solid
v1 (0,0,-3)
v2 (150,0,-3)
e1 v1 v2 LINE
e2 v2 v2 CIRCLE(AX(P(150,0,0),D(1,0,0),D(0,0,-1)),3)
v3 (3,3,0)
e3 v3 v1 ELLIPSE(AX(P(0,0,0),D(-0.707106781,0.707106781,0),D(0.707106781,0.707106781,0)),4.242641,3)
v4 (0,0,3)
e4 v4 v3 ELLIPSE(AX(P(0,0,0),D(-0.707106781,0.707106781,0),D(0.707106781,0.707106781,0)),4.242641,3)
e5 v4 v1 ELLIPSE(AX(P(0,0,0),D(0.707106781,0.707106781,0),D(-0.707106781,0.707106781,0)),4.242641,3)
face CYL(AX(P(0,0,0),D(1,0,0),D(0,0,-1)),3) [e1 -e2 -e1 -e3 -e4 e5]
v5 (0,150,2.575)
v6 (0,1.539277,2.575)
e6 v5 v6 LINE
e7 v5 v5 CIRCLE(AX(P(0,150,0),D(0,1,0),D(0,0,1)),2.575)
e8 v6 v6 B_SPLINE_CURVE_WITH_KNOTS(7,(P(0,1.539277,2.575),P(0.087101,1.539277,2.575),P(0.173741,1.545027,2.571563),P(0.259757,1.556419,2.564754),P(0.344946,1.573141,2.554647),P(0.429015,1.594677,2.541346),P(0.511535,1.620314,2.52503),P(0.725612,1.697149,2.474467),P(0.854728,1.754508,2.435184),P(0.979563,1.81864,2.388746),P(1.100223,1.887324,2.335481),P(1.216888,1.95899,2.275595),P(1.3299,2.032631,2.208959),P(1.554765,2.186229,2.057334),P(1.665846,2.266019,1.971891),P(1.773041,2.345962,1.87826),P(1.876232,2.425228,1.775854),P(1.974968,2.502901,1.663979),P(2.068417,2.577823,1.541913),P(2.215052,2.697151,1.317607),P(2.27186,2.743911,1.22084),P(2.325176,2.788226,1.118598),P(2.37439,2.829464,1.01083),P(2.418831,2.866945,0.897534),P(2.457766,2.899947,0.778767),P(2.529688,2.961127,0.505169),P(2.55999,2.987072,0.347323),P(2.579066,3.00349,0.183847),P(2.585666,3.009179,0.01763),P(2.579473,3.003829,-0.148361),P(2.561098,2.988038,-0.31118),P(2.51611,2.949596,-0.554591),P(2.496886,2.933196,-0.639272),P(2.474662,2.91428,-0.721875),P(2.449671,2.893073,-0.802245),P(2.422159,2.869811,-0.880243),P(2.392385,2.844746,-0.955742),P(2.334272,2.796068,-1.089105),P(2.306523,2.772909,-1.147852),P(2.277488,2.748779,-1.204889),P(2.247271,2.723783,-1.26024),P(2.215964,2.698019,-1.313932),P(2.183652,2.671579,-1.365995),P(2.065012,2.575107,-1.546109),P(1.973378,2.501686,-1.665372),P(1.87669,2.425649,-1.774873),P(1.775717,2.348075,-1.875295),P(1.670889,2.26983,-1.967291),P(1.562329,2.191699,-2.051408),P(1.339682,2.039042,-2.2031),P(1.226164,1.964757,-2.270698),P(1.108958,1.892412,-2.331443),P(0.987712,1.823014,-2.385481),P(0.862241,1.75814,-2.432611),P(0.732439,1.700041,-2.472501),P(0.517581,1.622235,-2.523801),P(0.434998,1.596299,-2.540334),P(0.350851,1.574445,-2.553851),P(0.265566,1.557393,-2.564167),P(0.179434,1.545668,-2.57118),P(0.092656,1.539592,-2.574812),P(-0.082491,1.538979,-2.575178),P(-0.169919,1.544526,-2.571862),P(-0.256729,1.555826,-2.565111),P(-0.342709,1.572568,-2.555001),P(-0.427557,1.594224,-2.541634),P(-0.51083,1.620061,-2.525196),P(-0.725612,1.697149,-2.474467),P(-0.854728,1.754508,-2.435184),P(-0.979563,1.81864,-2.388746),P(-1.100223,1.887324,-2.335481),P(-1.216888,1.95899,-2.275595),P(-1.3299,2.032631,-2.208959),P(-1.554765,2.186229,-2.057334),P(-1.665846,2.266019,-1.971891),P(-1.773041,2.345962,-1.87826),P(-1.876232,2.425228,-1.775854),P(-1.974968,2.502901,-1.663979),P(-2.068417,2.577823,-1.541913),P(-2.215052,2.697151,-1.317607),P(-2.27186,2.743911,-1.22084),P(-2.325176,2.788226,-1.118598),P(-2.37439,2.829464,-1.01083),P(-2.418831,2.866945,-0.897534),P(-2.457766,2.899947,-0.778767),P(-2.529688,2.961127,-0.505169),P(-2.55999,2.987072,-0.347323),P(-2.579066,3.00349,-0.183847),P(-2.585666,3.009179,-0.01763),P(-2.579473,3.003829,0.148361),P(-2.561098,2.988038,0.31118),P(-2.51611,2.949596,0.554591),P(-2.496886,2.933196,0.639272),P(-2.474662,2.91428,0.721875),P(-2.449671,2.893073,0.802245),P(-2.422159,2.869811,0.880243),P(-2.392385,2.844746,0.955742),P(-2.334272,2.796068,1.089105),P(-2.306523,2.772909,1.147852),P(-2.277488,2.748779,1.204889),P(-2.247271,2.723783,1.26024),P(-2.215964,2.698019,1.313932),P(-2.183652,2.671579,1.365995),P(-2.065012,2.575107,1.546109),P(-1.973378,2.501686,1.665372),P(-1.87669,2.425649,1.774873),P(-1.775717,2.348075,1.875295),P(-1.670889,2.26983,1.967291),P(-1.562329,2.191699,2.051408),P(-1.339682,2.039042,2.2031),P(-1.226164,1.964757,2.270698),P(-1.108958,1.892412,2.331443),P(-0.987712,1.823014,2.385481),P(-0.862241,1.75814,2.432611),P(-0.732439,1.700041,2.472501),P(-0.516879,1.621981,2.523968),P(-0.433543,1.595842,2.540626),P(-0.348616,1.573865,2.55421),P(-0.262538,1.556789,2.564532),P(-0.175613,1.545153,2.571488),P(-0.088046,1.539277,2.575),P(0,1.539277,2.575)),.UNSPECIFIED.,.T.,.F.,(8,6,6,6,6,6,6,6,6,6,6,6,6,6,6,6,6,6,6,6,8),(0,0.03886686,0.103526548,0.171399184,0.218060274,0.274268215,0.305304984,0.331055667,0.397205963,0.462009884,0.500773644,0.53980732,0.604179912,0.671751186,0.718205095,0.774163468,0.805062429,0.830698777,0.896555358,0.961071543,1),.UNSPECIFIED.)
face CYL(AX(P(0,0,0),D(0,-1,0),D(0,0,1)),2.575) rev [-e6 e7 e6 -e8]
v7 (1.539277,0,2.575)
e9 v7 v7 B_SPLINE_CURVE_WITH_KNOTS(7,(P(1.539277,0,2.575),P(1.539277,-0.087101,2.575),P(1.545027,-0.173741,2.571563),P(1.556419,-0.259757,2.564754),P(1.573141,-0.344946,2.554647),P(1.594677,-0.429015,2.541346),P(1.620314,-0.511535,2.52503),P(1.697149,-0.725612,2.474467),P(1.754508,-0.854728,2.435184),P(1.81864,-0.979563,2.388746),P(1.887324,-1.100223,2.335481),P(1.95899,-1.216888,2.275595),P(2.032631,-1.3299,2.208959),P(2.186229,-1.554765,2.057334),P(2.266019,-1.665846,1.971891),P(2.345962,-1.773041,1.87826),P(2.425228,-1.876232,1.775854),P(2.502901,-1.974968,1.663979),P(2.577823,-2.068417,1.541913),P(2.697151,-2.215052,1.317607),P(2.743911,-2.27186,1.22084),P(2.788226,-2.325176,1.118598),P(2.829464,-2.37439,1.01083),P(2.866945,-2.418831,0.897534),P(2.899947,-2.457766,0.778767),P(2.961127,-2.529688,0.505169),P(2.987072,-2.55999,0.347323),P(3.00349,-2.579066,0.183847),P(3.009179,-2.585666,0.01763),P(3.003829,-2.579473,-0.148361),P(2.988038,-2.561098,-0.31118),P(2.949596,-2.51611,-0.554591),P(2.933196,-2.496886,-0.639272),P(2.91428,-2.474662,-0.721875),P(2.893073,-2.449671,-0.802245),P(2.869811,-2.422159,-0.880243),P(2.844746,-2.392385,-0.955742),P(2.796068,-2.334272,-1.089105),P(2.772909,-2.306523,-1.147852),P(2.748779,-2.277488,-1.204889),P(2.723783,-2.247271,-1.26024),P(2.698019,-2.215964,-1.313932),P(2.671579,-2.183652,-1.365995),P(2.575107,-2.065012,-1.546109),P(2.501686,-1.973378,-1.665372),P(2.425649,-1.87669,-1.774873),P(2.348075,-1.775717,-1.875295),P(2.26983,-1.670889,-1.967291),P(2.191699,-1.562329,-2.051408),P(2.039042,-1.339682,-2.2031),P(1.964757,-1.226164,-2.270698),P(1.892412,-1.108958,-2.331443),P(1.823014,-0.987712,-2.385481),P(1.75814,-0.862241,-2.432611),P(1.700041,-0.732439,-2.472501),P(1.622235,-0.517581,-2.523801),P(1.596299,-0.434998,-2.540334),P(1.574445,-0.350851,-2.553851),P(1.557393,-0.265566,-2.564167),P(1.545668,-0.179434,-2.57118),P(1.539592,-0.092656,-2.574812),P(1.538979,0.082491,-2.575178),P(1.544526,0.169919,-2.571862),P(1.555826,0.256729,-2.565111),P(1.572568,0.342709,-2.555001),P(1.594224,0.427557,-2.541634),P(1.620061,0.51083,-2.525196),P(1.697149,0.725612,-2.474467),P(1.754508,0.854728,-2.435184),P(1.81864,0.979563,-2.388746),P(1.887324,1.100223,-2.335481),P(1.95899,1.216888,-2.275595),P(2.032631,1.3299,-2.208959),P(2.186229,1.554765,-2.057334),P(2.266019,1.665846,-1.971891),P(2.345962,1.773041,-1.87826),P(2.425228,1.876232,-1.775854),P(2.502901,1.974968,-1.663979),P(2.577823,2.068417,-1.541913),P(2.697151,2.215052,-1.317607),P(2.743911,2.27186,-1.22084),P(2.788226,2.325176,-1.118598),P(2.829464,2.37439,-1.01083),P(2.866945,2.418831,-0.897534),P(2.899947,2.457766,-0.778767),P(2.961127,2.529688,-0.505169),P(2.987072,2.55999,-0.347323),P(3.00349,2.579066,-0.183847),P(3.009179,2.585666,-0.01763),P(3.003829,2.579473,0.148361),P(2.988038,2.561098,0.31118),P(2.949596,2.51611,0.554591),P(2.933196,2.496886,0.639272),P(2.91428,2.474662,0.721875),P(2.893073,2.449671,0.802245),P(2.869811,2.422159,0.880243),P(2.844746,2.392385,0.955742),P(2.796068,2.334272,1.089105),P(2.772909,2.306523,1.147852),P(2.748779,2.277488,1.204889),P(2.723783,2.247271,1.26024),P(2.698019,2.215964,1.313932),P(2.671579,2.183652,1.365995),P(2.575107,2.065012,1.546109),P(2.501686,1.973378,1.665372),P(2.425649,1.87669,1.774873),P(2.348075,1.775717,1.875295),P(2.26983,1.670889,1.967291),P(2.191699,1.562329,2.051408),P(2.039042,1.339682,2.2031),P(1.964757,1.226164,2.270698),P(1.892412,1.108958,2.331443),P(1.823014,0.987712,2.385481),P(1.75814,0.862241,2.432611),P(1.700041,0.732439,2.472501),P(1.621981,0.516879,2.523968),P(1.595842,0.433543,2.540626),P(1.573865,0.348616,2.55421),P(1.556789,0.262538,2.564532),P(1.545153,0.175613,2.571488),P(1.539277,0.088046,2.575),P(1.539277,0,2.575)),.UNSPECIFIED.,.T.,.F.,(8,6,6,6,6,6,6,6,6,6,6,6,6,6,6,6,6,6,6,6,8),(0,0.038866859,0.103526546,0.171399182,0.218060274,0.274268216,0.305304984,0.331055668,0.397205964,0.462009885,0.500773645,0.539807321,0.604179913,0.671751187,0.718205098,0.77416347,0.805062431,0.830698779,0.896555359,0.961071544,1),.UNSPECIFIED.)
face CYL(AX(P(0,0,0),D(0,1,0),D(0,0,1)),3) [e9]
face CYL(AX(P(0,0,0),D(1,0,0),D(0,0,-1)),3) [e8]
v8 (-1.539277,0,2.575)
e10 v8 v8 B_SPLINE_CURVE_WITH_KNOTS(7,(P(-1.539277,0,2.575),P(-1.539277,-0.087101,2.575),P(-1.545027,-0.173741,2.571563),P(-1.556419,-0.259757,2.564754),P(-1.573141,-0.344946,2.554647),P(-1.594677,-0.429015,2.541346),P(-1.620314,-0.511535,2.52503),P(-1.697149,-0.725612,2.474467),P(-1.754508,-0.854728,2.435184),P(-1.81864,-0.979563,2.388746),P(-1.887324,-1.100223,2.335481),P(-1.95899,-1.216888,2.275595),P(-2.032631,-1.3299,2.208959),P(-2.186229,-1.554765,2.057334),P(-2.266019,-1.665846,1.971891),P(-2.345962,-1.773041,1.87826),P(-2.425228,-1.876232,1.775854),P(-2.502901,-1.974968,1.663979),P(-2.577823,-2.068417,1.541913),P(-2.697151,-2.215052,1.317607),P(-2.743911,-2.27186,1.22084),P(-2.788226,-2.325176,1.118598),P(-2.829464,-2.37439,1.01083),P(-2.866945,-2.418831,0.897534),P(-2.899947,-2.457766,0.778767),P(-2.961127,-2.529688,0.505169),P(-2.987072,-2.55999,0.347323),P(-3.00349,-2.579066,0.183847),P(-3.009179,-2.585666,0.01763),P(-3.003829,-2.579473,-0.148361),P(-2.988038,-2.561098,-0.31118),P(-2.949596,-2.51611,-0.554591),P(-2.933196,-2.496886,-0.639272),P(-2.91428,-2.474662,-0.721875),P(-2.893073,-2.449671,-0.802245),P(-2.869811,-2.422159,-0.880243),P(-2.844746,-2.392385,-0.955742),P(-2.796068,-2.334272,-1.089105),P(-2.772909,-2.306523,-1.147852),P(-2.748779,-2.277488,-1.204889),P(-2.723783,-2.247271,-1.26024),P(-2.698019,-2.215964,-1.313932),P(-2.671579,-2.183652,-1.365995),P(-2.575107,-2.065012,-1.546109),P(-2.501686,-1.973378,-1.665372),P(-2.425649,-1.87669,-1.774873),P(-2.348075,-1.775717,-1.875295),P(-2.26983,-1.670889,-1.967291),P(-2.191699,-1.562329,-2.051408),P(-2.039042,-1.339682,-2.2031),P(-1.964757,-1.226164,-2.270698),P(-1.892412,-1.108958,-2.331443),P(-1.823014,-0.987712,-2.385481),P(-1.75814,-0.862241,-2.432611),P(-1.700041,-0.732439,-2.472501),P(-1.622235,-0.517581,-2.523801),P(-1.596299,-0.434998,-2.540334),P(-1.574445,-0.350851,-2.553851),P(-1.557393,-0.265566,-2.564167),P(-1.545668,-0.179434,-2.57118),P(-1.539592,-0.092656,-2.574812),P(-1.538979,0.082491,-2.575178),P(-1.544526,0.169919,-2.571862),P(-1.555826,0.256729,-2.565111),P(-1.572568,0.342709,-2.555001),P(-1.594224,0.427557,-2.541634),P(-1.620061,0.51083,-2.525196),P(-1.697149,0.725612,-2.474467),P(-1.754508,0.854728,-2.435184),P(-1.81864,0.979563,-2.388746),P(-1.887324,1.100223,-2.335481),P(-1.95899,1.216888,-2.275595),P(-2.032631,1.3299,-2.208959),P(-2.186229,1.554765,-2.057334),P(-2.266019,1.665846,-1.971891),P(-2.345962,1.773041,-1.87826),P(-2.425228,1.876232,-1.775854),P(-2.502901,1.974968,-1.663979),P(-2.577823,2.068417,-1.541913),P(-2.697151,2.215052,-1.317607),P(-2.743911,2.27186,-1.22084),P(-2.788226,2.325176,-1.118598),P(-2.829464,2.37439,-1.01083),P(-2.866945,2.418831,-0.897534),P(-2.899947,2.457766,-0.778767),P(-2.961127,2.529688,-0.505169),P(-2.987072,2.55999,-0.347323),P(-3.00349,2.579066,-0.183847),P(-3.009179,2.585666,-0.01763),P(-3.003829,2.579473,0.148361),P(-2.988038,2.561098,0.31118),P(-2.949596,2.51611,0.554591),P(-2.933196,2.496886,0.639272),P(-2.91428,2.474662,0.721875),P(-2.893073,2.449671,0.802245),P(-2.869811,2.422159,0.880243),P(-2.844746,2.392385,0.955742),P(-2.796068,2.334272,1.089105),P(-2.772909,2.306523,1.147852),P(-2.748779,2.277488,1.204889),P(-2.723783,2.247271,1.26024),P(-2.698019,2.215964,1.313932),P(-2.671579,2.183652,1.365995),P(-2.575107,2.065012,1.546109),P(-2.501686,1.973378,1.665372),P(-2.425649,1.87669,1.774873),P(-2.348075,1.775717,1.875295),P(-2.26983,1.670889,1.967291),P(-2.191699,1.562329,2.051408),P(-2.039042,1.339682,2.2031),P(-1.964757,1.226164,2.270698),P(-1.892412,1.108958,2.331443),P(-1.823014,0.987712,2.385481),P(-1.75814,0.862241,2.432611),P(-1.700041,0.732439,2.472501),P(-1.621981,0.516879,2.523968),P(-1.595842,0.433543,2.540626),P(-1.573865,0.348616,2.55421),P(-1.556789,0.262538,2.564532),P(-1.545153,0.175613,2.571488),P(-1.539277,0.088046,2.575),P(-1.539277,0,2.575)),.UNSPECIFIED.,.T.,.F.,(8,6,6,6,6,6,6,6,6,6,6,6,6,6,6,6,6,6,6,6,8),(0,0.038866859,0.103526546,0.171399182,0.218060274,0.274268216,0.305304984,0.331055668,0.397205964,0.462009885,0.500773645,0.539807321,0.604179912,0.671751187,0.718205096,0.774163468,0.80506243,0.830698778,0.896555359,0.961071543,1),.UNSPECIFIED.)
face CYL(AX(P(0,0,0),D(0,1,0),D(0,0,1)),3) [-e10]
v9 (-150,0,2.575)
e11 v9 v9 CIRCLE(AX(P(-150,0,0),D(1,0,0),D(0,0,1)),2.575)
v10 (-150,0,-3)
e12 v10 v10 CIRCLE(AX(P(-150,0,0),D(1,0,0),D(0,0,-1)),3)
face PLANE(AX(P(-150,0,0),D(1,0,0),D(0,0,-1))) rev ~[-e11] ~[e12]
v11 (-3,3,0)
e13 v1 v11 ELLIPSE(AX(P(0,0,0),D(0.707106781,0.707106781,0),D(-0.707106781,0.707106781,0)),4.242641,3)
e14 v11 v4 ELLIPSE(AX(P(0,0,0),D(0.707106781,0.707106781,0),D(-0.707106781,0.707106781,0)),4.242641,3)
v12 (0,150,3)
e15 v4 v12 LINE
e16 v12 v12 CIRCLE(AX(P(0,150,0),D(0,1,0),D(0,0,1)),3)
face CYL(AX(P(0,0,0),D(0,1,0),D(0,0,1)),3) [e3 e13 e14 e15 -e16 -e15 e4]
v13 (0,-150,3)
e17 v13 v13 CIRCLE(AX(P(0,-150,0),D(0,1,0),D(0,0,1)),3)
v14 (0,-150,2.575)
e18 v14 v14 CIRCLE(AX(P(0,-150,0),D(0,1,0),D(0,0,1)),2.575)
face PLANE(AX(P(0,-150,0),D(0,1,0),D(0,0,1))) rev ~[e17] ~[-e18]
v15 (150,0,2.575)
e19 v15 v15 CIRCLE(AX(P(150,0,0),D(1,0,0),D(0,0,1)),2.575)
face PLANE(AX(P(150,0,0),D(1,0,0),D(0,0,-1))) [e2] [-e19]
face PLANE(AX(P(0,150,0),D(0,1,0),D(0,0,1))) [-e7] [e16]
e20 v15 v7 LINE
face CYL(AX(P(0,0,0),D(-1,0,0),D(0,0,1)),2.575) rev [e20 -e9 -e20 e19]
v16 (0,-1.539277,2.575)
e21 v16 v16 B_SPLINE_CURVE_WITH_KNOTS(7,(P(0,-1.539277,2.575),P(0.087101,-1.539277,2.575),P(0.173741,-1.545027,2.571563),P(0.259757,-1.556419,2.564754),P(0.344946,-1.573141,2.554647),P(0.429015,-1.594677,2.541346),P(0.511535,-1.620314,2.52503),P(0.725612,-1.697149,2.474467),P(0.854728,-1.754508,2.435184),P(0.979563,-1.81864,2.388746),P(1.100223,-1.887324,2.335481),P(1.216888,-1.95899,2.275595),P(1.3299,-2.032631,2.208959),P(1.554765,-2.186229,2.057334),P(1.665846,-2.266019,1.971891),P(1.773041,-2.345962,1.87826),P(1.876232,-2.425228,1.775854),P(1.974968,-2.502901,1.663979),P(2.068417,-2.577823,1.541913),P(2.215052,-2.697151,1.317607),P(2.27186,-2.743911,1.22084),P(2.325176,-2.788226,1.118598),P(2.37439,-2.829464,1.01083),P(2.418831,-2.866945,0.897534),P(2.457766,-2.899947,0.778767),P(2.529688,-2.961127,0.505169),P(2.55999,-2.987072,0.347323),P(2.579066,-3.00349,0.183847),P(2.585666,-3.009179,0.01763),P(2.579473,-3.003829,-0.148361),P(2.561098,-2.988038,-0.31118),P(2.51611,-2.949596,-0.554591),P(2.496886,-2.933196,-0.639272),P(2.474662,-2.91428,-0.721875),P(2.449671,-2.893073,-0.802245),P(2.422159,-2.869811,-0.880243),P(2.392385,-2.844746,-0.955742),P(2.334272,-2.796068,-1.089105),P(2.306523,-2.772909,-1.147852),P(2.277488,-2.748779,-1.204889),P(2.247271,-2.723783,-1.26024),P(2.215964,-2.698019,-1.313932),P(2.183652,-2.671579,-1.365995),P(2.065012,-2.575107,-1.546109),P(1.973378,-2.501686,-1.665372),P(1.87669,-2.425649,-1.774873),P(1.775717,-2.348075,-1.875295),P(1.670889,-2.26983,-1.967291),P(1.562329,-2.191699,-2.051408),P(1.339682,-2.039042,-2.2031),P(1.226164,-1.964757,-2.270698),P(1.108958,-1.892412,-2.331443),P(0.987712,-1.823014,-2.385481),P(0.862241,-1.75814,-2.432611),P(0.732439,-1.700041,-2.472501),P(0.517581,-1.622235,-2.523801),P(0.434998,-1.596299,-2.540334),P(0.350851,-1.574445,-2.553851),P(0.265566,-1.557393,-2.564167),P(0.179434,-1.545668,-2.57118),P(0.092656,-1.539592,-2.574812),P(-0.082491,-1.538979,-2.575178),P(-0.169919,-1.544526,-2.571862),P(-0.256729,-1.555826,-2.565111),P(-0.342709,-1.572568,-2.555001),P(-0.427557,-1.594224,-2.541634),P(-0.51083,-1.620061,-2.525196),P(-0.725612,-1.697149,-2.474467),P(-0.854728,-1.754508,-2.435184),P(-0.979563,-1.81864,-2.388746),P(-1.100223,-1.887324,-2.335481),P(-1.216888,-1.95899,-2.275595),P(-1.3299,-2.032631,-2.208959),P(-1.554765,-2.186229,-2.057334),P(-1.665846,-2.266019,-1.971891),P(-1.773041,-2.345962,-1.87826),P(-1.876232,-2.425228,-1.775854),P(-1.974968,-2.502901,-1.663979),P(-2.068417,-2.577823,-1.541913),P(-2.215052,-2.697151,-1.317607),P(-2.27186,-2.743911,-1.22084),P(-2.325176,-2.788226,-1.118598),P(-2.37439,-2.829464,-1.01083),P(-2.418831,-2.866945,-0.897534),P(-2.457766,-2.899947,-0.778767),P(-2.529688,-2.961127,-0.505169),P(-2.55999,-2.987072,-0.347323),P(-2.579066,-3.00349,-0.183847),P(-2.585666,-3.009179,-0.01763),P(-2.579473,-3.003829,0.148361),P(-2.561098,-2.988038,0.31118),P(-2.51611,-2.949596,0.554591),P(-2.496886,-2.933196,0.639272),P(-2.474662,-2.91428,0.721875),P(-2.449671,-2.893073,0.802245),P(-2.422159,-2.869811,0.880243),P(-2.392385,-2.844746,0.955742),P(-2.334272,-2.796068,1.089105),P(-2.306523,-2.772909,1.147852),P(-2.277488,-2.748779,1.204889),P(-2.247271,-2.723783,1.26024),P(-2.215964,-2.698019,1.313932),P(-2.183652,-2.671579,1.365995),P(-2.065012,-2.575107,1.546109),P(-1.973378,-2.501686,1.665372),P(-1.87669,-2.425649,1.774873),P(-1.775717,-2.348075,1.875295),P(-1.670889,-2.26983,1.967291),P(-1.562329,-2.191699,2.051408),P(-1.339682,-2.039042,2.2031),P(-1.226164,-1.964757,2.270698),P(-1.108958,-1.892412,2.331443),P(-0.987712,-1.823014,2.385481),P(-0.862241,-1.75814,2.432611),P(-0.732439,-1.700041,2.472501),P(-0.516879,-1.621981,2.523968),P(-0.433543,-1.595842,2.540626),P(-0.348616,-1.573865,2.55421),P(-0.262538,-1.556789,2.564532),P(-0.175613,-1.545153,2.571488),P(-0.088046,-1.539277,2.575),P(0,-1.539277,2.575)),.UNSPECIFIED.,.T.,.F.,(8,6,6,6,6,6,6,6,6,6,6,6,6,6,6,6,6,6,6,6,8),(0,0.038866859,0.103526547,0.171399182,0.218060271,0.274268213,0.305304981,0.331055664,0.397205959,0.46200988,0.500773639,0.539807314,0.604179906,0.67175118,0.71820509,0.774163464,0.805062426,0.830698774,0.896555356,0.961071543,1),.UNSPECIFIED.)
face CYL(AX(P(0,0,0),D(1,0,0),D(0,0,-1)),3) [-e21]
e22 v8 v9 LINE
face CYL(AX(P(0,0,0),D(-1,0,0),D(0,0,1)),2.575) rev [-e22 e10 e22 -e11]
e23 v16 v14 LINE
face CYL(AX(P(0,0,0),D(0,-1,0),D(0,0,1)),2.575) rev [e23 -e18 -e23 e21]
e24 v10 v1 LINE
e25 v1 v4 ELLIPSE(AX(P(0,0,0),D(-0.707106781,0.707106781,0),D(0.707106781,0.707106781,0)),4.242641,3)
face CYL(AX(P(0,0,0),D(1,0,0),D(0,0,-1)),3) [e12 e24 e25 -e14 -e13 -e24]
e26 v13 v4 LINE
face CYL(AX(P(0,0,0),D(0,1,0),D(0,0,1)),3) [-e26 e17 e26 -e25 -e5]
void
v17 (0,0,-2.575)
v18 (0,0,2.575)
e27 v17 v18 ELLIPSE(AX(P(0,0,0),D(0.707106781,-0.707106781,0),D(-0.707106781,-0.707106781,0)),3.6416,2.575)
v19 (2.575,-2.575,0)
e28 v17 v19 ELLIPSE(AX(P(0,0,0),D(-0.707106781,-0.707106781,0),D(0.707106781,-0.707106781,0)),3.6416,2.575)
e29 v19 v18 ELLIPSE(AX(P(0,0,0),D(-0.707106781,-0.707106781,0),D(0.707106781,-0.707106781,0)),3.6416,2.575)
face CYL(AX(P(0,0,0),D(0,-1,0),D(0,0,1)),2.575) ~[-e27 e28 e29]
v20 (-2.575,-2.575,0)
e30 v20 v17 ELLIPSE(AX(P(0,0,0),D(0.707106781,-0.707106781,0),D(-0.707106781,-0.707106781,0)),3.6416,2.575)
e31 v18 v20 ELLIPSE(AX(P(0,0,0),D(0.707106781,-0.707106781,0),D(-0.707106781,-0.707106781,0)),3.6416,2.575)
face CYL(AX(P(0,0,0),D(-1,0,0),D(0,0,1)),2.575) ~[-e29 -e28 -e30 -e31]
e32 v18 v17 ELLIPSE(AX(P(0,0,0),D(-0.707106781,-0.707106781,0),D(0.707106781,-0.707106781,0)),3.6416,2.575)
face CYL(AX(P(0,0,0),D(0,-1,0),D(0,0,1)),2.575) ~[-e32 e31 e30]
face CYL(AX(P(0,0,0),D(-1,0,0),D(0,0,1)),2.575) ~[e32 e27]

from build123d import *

# Parameters (mm, degrees)
SKETCH1_R           = 3
SKETCH1_R_2         = 2.575
BOSS_EXTRUDE1_DEPTH = 150
SKETCH2_R           = 3
SKETCH2_R_2         = 2.575
BOSS_EXTRUDE2_DEPTH = 150


with BuildPart() as part:
    # Sketch1 → Boss-Extrude1 (new, symmetric)
    with BuildSketch(Plane(origin=(0, 0, 0), x_dir=(1, 0, 0), z_dir=(0, 1, 0))):
        with Locations(Location((0, 0, 0), (0, 0, 270))):
            Circle(SKETCH1_R)
        with Locations(Location((0, 0, 0), (0, 0, 270))):
            Circle(SKETCH1_R_2, mode=Mode.SUBTRACT)
    extrude(amount=BOSS_EXTRUDE1_DEPTH, both=True)

    # Sketch2 → Boss-Extrude2 (add, symmetric)
    with BuildSketch(Plane(origin=(0, 0, 0), x_dir=(0, 0, -1), z_dir=(1, 0, 0))):
        Circle(SKETCH2_R)
        with Locations(Location((0, 0, 0), (0, 0, 180))):
            Circle(SKETCH2_R_2, mode=Mode.SUBTRACT)
    extrude(amount=BOSS_EXTRUDE2_DEPTH, both=True)


solid = part.part
